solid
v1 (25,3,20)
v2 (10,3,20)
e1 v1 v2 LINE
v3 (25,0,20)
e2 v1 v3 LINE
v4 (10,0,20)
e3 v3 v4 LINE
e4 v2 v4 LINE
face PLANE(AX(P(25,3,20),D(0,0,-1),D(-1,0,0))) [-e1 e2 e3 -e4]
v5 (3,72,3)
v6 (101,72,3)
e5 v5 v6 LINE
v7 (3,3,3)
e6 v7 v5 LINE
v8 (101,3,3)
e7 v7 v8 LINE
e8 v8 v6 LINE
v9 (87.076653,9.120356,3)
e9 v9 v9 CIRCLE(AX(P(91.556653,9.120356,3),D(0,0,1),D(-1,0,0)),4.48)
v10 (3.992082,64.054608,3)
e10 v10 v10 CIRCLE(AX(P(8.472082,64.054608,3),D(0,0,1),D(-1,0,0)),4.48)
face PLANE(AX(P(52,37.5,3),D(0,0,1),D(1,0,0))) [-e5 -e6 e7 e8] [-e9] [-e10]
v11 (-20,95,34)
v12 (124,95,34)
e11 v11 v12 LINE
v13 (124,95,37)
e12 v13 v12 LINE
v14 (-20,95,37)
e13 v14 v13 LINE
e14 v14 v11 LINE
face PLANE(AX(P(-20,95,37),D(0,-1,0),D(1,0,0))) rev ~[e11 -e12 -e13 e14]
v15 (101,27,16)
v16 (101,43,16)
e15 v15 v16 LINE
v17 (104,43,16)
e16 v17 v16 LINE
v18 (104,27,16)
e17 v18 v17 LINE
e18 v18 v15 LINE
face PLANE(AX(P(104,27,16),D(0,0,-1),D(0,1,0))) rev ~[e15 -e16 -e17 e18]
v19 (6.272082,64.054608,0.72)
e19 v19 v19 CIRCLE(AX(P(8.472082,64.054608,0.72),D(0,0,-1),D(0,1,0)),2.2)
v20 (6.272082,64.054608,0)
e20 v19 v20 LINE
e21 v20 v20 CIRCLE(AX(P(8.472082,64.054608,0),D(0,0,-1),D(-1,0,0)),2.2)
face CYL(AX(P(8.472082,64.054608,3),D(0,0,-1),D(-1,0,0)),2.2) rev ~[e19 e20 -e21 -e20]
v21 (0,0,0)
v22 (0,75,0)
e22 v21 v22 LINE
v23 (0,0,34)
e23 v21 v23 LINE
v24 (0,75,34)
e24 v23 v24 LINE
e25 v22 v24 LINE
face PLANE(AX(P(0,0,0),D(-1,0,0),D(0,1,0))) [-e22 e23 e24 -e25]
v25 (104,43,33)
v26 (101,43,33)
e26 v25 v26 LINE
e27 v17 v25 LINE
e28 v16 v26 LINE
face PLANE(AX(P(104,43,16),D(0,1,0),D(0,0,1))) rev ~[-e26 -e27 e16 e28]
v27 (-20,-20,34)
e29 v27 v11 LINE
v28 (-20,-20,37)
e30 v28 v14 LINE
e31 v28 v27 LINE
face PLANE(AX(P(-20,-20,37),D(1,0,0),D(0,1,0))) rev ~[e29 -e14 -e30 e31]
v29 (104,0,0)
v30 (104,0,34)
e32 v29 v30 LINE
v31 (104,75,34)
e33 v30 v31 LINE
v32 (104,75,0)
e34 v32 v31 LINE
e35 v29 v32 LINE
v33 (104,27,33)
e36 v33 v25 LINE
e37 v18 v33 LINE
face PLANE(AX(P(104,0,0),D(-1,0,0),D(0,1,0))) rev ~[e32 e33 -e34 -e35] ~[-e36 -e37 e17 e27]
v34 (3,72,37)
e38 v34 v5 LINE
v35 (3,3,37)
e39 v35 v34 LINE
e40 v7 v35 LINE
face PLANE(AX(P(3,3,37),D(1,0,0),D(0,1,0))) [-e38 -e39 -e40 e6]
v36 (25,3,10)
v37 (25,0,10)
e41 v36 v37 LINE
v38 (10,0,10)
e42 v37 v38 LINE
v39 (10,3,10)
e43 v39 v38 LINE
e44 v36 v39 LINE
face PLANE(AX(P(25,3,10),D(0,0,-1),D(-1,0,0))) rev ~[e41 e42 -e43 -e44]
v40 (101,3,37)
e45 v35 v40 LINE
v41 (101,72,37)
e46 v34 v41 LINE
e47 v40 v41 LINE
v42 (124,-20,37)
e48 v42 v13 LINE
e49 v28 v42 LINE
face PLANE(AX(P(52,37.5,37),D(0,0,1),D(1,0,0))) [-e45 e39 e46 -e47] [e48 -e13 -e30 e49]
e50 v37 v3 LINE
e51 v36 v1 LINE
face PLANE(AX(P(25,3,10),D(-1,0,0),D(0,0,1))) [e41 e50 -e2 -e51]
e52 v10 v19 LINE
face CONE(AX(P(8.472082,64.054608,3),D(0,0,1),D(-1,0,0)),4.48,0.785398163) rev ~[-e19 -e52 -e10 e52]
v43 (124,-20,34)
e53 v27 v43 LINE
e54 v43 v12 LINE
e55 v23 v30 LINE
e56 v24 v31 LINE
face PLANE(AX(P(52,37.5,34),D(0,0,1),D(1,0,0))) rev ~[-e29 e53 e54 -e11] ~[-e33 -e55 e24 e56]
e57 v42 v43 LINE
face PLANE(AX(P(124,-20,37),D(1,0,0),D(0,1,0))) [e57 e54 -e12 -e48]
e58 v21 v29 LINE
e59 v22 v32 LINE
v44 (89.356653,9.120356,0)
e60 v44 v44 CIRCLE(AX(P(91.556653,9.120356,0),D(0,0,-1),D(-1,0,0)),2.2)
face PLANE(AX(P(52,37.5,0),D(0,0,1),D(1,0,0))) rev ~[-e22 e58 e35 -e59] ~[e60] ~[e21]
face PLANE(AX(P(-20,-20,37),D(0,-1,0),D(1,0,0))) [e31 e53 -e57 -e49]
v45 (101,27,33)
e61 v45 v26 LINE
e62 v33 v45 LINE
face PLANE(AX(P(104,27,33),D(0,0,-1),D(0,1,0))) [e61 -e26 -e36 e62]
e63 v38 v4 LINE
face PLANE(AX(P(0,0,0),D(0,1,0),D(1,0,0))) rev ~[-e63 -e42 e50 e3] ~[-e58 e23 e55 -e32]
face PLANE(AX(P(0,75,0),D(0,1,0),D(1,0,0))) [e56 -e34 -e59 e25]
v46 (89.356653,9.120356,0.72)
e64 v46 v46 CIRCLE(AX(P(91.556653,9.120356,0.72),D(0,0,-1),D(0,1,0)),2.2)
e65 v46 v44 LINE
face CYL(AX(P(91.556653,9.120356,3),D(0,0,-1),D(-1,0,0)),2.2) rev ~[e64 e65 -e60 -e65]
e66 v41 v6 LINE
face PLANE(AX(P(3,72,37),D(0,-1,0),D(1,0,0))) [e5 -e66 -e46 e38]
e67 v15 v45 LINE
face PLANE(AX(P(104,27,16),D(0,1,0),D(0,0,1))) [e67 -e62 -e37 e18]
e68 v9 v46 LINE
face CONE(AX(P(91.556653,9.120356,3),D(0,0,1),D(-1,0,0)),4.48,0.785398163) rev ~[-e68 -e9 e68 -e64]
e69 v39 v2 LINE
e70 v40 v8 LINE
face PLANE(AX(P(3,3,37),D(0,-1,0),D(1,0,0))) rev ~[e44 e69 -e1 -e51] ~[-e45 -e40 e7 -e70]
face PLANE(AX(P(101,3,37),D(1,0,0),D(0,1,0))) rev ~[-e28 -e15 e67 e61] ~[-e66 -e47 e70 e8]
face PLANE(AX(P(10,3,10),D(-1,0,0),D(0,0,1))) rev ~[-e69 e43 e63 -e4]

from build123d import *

# Parameters (mm, degrees)
F0_W           = 104
F0_H           = 75
F1_DEPTH       = 37
F2_T           = -3
F4_D           = 4.4
F4_CSINK_D     = 8.96
F4_CSINK_ANGLE = 90
F5_D           = 4.4
F5_CSINK_D     = 8.96
F5_CSINK_ANGLE = 90
F6_W           = 15
F6_H           = 10
F7_DEPTH       = 4
F8_W           = 144
F8_H           = 115
F9_DEPTH       = 3
F10_W          = 98
F10_H          = 69
F11_DEPTH      = 3
F12_W          = 16
F12_H          = 17
F13_DEPTH      = 3


with BuildPart() as f1:
    # F0 (on Top) → F1 (new body)
    with BuildSketch(Plane.XY):
        with Locations((52, 37.5)):
            Rectangle(F0_W, F0_H)
    extrude(amount=F1_DEPTH)

    # F2
    f2_openings = [f1.faces().sort_by_distance(p)[0] for p in [
        (52, 37.5, 37),
    ]]
    offset(amount=F2_T, openings=f2_openings)

    # F4 (through all)
    with Locations(Plane.XY.offset(3)):
        with Locations((8.4720822051, 64.054608345)):
            CounterSinkHole(F4_D / 2, F4_CSINK_D / 2, counter_sink_angle=F4_CSINK_ANGLE)

    # F5 (through all)
    with Locations(Plane.XY.offset(3)):
        with Locations((91.5566533804, 9.1203558259)):
            CounterSinkHole(F5_D / 2, F5_CSINK_D / 2, counter_sink_angle=F5_CSINK_ANGLE)

    # F6 (on face) → F7 (cut)
    with BuildSketch(Plane(origin=(0, 3, 0), x_dir=(-1, 0, 0), z_dir=(0, 1, 0))):
        with Locations((-17.5, 15)):
            Rectangle(F6_W, F6_H)
    extrude(amount=-F7_DEPTH, mode=Mode.SUBTRACT)

    # F8 (on face) → F9 (join)
    with BuildSketch(Plane.XY.offset(37)):
        with Locations((52, 37.5)):
            Rectangle(F8_W, F8_H)
    extrude(amount=-F9_DEPTH)

    # F10 (on face) → F11 (cut)
    with BuildSketch(Plane.XY.offset(37)):
        with Locations((52, 37.5)):
            Rectangle(F10_W, F10_H)
    extrude(amount=-F11_DEPTH, mode=Mode.SUBTRACT)

    # F12 (on face) → F13 (cut)
    with BuildSketch(Plane.YZ.offset(104)):
        with Locations((35, 24.5)):
            Rectangle(F12_W, F12_H)
    extrude(amount=-F13_DEPTH, mode=Mode.SUBTRACT)


solid = f1.part
